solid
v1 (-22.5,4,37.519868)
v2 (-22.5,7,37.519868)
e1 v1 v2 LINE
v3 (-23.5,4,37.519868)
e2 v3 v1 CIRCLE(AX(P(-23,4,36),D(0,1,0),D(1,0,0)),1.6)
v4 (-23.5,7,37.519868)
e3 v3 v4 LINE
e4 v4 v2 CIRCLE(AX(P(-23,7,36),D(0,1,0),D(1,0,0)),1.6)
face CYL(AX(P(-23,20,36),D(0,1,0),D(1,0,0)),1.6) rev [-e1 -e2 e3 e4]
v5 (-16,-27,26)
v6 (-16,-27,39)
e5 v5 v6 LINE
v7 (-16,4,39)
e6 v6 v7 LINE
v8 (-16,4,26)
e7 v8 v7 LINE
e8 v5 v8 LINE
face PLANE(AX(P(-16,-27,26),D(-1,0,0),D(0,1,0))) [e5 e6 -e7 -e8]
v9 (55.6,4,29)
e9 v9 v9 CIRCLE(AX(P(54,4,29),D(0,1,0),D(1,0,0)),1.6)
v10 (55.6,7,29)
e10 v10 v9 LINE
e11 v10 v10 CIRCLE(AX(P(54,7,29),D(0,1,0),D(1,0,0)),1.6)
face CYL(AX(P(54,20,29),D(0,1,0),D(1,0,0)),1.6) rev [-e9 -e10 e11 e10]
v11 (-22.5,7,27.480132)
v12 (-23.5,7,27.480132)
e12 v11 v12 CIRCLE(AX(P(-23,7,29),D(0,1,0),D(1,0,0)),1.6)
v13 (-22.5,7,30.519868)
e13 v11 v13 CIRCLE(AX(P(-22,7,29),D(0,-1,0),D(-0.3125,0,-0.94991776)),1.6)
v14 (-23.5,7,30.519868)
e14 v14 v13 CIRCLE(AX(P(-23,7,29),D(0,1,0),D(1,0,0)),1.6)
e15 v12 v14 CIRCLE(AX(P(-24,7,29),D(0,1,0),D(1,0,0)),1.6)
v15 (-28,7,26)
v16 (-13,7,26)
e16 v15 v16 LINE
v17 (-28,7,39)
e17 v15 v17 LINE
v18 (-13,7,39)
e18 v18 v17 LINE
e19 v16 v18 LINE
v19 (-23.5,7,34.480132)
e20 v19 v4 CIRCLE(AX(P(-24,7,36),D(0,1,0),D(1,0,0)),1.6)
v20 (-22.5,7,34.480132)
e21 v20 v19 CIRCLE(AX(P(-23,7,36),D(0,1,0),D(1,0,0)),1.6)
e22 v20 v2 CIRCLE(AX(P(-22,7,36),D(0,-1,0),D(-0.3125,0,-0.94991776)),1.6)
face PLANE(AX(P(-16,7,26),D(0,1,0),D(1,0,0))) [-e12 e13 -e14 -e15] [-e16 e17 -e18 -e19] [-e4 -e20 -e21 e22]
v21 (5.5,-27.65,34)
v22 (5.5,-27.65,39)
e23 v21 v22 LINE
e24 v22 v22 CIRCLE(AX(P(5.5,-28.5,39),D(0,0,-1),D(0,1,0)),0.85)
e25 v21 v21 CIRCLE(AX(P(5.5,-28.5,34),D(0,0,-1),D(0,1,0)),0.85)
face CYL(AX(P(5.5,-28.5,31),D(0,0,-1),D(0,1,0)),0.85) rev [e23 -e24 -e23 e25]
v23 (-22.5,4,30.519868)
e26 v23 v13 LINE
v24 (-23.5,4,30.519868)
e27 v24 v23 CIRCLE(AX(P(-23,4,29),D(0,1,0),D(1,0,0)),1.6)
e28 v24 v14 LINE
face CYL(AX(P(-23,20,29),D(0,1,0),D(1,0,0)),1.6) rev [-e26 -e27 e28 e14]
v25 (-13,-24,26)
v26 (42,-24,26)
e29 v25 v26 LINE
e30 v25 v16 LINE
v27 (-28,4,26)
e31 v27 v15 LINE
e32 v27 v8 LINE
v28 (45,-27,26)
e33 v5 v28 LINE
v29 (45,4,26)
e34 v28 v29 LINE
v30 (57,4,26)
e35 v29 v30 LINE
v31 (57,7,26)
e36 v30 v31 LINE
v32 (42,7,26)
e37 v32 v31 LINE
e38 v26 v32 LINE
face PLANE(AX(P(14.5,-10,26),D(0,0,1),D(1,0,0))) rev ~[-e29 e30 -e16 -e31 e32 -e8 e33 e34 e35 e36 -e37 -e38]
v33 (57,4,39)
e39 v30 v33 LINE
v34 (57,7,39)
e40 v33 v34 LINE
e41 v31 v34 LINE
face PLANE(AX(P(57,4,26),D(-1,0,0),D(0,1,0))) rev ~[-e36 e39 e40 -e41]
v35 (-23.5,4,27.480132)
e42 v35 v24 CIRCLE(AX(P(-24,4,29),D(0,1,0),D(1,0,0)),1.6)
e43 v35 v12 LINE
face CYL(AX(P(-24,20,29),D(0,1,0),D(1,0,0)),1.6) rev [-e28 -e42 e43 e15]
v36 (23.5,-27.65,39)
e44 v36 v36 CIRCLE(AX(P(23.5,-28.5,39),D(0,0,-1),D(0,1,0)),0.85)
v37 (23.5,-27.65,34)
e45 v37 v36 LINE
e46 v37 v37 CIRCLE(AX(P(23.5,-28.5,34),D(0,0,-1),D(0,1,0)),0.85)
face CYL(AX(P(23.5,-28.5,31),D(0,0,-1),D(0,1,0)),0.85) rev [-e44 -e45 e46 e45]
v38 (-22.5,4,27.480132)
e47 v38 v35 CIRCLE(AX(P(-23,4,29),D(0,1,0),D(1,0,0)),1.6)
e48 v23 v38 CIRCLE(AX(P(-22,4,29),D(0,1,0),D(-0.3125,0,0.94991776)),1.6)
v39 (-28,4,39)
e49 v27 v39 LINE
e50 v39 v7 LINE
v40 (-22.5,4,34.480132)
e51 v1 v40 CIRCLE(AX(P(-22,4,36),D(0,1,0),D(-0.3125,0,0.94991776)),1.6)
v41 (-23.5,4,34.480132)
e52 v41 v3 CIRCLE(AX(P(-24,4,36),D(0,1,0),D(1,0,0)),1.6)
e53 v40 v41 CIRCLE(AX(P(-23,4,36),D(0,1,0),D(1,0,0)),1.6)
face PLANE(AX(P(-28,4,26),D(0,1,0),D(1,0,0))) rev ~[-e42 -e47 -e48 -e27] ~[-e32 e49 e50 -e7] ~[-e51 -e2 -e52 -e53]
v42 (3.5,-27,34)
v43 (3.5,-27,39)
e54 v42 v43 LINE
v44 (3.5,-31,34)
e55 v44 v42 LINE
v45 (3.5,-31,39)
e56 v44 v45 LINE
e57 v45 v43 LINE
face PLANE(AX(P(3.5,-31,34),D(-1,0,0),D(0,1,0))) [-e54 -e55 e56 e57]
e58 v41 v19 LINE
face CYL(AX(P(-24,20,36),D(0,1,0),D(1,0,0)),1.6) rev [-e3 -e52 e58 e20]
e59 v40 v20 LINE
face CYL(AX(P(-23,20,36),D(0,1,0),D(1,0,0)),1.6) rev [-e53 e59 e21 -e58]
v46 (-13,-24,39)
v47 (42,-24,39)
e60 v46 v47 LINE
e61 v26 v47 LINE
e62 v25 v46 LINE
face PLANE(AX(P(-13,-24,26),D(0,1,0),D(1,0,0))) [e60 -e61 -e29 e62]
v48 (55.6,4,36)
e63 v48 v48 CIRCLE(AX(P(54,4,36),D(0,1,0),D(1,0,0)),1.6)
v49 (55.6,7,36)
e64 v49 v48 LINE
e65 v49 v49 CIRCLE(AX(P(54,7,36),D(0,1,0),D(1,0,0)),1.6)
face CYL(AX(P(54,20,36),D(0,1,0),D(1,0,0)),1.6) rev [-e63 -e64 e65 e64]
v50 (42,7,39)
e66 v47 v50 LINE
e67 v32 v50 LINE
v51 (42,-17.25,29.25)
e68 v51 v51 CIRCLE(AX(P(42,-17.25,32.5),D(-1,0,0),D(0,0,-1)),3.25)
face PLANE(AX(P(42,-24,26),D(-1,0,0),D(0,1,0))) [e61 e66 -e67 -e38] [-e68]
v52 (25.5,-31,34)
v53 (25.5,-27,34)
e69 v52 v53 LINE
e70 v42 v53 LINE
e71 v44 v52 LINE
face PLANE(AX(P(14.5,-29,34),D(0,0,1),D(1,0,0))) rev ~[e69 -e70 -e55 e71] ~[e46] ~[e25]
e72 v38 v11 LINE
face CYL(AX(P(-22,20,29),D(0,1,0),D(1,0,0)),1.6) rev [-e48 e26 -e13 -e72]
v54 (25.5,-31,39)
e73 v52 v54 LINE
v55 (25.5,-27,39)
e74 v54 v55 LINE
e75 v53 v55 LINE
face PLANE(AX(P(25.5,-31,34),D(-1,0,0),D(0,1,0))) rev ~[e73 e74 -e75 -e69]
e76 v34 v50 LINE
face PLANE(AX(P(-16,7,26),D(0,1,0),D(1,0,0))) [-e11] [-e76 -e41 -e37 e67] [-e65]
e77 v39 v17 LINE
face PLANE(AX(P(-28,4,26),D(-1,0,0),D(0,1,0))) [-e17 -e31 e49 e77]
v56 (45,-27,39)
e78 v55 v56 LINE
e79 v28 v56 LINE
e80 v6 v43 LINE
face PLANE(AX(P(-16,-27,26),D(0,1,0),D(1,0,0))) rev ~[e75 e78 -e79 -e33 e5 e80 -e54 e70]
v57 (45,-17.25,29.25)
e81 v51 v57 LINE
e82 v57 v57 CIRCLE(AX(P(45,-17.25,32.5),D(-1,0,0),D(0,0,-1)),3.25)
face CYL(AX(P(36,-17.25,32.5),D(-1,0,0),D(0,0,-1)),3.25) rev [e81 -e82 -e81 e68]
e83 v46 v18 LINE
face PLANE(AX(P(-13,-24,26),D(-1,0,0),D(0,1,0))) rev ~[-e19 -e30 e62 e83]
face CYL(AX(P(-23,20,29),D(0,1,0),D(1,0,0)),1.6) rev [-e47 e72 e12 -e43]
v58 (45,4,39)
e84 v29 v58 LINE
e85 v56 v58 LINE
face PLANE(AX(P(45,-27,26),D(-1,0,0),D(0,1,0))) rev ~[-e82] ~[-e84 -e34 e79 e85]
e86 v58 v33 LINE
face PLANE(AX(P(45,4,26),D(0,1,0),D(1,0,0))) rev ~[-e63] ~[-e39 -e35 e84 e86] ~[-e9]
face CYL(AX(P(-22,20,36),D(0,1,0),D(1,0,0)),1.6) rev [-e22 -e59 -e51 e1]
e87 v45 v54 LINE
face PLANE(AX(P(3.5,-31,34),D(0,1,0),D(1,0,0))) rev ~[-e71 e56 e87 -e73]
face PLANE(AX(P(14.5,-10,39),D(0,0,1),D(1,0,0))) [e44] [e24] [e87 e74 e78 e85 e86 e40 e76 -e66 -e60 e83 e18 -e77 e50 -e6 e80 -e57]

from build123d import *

# Parameters (mm, degrees)
CYLINDER051_R             = 1.6
CYLINDER051_DEPTH         = 28
CYLINDER051_ROLL_ANGLE    = 90
CYLINDER050_R             = 1.6
CYLINDER050_DEPTH         = 28
CYLINDER050_ROLL_ANGLE    = 90
CYLINDER049_R             = 1.6
CYLINDER049_DEPTH         = 28
CYLINDER049_ROLL_ANGLE    = 90
CYLINDER048_R             = 1.6
CYLINDER048_DEPTH         = 28
CYLINDER048_ROLL_ANGLE    = 90
CYLINDER044_R             = 1.6
CYLINDER044_DEPTH         = 28
CYLINDER044_ROLL_ANGLE    = 90
CYLINDER043_R             = 1.6
CYLINDER043_DEPTH         = 28
CYLINDER043_ROLL_ANGLE    = 90
CYLINDER042_R             = 1.6
CYLINDER042_DEPTH         = 28
CYLINDER042_ROLL_ANGLE    = 90
CYLINDER041_R             = 1.6
CYLINDER041_DEPTH         = 28
CYLINDER041_ROLL_ANGLE    = 90
CYLINDER047_R             = 0.85
CYLINDER047_DEPTH         = 10
CYLINDER046_R             = 0.85
CYLINDER046_DEPTH         = 10
FUSION078_PLACEMENT_ANGLE = 90
BOX025_W                  = 22
BOX025_H                  = 4
BOX025_DEPTH              = 5
CYLINDER045_R             = 3.25
CYLINDER045_DEPTH         = 10
CYLINDER045_PITCH_ANGLE   = 90
BOX024_W                  = 55
BOX024_H                  = 31
BOX024_DEPTH              = 13
BOX021_W                  = 61
BOX021_H                  = 34
BOX021_DEPTH              = 13
BOX023_W                  = 12
BOX023_H                  = 3
BOX023_DEPTH              = 13
BOX022_W                  = 12
BOX022_H                  = 3
BOX022_DEPTH              = 13


with BuildPart() as cylinder067:
    # Cylinder051 → Cylinder051 (new body)
    with BuildSketch(Plane.XY):
        Circle(CYLINDER051_R)
    extrude(amount=CYLINDER051_DEPTH)


with BuildPart() as cylinder067_1:
    # Cylinder051 roll: moved
    add(cylinder067.part.rotate(Axis((0, 0, 0), (1, 0, 0)), CYLINDER051_ROLL_ANGLE))


with BuildPart() as cylinder067_2:
    # Cylinder051 placement: moved
    add(cylinder067_1.part.moved(Location((-23, 20, 36))))


with BuildPart() as fusion085:
    # Cylinder050 → Cylinder050 (new body)
    with BuildSketch(Plane.XY):
        Circle(CYLINDER050_R)
    extrude(amount=CYLINDER050_DEPTH)


with BuildPart() as fusion085_1:
    # Cylinder050 roll: moved
    add(fusion085.part.rotate(Axis((0, 0, 0), (1, 0, 0)), CYLINDER050_ROLL_ANGLE))


with BuildPart() as fusion085_2:
    # Cylinder050 placement: moved
    add(fusion085_1.part.moved(Location((-23, 20, 29))))

    # Fusion085: union Cylinder067
    add(cylinder067_2.part)


with BuildPart() as fusion085_3:
    # Fusion085 placement: moved
    add(fusion085_2.part.moved(Location((-1, 0, 0))))


with BuildPart() as cylinder063:
    # Cylinder049 → Cylinder049 (new body)
    with BuildSketch(Plane.XY):
        Circle(CYLINDER049_R)
    extrude(amount=CYLINDER049_DEPTH)


with BuildPart() as cylinder063_1:
    # Cylinder049 roll: moved
    add(cylinder063.part.rotate(Axis((0, 0, 0), (1, 0, 0)), CYLINDER049_ROLL_ANGLE))


with BuildPart() as cylinder063_2:
    # Cylinder049 placement: moved
    add(cylinder063_1.part.moved(Location((-23, 20, 36))))


with BuildPart() as fusion084:
    # Cylinder048 → Cylinder048 (new body)
    with BuildSketch(Plane.XY):
        Circle(CYLINDER048_R)
    extrude(amount=CYLINDER048_DEPTH)


with BuildPart() as fusion084_1:
    # Cylinder048 roll: moved
    add(fusion084.part.rotate(Axis((0, 0, 0), (1, 0, 0)), CYLINDER048_ROLL_ANGLE))


with BuildPart() as fusion084_2:
    # Cylinder048 placement: moved
    add(fusion084_1.part.moved(Location((-23, 20, 29))))

    # Fusion084: union Cylinder063
    add(cylinder063_2.part)


with BuildPart() as fusion084_3:
    # Fusion084 placement: moved
    add(fusion084_2.part.moved(Location((1, 0, 0))))


with BuildPart() as cylinder054:
    # Cylinder044 → Cylinder044 (new body)
    with BuildSketch(Plane.XY):
        Circle(CYLINDER044_R)
    extrude(amount=CYLINDER044_DEPTH)


with BuildPart() as cylinder054_1:
    # Cylinder044 roll: moved
    add(cylinder054.part.rotate(Axis((0, 0, 0), (1, 0, 0)), CYLINDER044_ROLL_ANGLE))


with BuildPart() as cylinder054_2:
    # Cylinder044 placement: moved
    add(cylinder054_1.part.moved(Location((-23, 20, 36))))


with BuildPart() as fusion080:
    # Cylinder043 → Cylinder043 (new body)
    with BuildSketch(Plane.XY):
        Circle(CYLINDER043_R)
    extrude(amount=CYLINDER043_DEPTH)


with BuildPart() as fusion080_1:
    # Cylinder043 roll: moved
    add(fusion080.part.rotate(Axis((0, 0, 0), (1, 0, 0)), CYLINDER043_ROLL_ANGLE))


with BuildPart() as fusion080_2:
    # Cylinder043 placement: moved
    add(fusion080_1.part.moved(Location((-23, 20, 29))))

    # Fusion080: union Cylinder054
    add(cylinder054_2.part)


with BuildPart() as cylinder052:
    # Cylinder042 → Cylinder042 (new body)
    with BuildSketch(Plane.XY):
        Circle(CYLINDER042_R)
    extrude(amount=CYLINDER042_DEPTH)


with BuildPart() as cylinder052_1:
    # Cylinder042 roll: moved
    add(cylinder052.part.rotate(Axis((0, 0, 0), (1, 0, 0)), CYLINDER042_ROLL_ANGLE))


with BuildPart() as cylinder052_2:
    # Cylinder042 placement: moved
    add(cylinder052_1.part.moved(Location((54, 20, 36))))


with BuildPart() as fusion081:
    # Cylinder041 → Cylinder041 (new body)
    with BuildSketch(Plane.XY):
        Circle(CYLINDER041_R)
    extrude(amount=CYLINDER041_DEPTH)


with BuildPart() as fusion081_1:
    # Cylinder041 roll: moved
    add(fusion081.part.rotate(Axis((0, 0, 0), (1, 0, 0)), CYLINDER041_ROLL_ANGLE))


with BuildPart() as fusion081_2:
    # Cylinder041 placement: moved
    add(fusion081_1.part.moved(Location((54, 20, 29))))

    # Fusion081: union Cylinder052
    add(cylinder052_2.part)


with BuildPart() as cylinder059:
    # Cylinder047 → Cylinder047 (new body)
    with BuildSketch(Plane(origin=(10.5, -9, 0), x_dir=(1, 0, 0), z_dir=(0, 0, 1))):
        Circle(CYLINDER047_R)
    extrude(amount=CYLINDER047_DEPTH)


with BuildPart() as fusion078:
    # Cylinder046 → Cylinder046 (new body)
    with BuildSketch(Plane(origin=(10.5, 9, 0), x_dir=(1, 0, 0), z_dir=(0, 0, 1))):
        Circle(CYLINDER046_R)
    extrude(amount=CYLINDER046_DEPTH)

    # Fusion078: union Cylinder059
    add(cylinder059.part)


with BuildPart() as fusion078_1:
    # Fusion078 placement: moved
    add(fusion078.part.moved(Location((14.5, -39, 31))).rotate(Axis((14.5, -39, 31), (0, 0, 1)), FUSION078_PLACEMENT_ANGLE))


with BuildPart() as cut039:
    # Box025 → Box025 (new body)
    with BuildSketch(Plane(origin=(3.5, -31, 34), x_dir=(1, 0, 0), z_dir=(0, 0, 1))):
        with Locations((11, 2)):
            Rectangle(BOX025_W, BOX025_H)
    extrude(amount=BOX025_DEPTH)

    # Cut039: cut Fusion078
    add(fusion078_1.part, mode=Mode.SUBTRACT)


with BuildPart() as cylinder055:
    # Cylinder045 → Cylinder045 (new body)
    with BuildSketch(Plane.XY):
        Circle(CYLINDER045_R)
    extrude(amount=CYLINDER045_DEPTH)


with BuildPart() as cylinder055_1:
    # Cylinder045 pitch: moved
    add(cylinder055.part.rotate(Axis((0, 0, 0), (0, 1, 0)), CYLINDER045_PITCH_ANGLE))


with BuildPart() as cylinder055_2:
    # Cylinder045 placement: moved
    add(cylinder055_1.part.moved(Location((36, -17.25, 32.5))))


with BuildPart() as cube023:
    # Box024 → Box024 (new body)
    with BuildSketch(Plane(origin=(-13, -24, 26), x_dir=(1, 0, 0), z_dir=(0, 0, 1))):
        with Locations((27.5, 15.5)):
            Rectangle(BOX024_W, BOX024_H)
    extrude(amount=BOX024_DEPTH)


with BuildPart() as fusion079:
    # Box021 → Box021 (new body)
    with BuildSketch(Plane(origin=(-16, -27, 26), x_dir=(1, 0, 0), z_dir=(0, 0, 1))):
        with Locations((30.5, 17)):
            Rectangle(BOX021_W, BOX021_H)
    extrude(amount=BOX021_DEPTH)

    # Cut037: cut Cube023
    add(cube023.part, mode=Mode.SUBTRACT)

    # Cut038: cut Cylinder055
    add(cylinder055_2.part, mode=Mode.SUBTRACT)

    # Fusion079: union Cut039
    add(cut039.part)


with BuildPart() as fusion082:
    # Box023 → Box023 (new body)
    with BuildSketch(Plane(origin=(-28, 4, 26), x_dir=(1, 0, 0), z_dir=(0, 0, 1))):
        with Locations((6, 1.5)):
            Rectangle(BOX023_W, BOX023_H)
    extrude(amount=BOX023_DEPTH)

    # Fusion082: union Fusion079
    add(fusion079.part)


with BuildPart() as switch_bracket001:
    # Box022 → Box022 (new body)
    with BuildSketch(Plane(origin=(45, 4, 26), x_dir=(1, 0, 0), z_dir=(0, 0, 1))):
        with Locations((6, 1.5)):
            Rectangle(BOX022_W, BOX022_H)
    extrude(amount=BOX022_DEPTH)

    # Fusion083: union Fusion082
    add(fusion082.part)

    # Cut040: cut Fusion081
    add(fusion081_2.part, mode=Mode.SUBTRACT)

    # Cut041: cut Fusion080
    add(fusion080_2.part, mode=Mode.SUBTRACT)

    # Cut042: cut Fusion084
    add(fusion084_3.part, mode=Mode.SUBTRACT)

    # Cut043: cut Fusion085
    add(fusion085_3.part, mode=Mode.SUBTRACT)


solid = switch_bracket001.part
